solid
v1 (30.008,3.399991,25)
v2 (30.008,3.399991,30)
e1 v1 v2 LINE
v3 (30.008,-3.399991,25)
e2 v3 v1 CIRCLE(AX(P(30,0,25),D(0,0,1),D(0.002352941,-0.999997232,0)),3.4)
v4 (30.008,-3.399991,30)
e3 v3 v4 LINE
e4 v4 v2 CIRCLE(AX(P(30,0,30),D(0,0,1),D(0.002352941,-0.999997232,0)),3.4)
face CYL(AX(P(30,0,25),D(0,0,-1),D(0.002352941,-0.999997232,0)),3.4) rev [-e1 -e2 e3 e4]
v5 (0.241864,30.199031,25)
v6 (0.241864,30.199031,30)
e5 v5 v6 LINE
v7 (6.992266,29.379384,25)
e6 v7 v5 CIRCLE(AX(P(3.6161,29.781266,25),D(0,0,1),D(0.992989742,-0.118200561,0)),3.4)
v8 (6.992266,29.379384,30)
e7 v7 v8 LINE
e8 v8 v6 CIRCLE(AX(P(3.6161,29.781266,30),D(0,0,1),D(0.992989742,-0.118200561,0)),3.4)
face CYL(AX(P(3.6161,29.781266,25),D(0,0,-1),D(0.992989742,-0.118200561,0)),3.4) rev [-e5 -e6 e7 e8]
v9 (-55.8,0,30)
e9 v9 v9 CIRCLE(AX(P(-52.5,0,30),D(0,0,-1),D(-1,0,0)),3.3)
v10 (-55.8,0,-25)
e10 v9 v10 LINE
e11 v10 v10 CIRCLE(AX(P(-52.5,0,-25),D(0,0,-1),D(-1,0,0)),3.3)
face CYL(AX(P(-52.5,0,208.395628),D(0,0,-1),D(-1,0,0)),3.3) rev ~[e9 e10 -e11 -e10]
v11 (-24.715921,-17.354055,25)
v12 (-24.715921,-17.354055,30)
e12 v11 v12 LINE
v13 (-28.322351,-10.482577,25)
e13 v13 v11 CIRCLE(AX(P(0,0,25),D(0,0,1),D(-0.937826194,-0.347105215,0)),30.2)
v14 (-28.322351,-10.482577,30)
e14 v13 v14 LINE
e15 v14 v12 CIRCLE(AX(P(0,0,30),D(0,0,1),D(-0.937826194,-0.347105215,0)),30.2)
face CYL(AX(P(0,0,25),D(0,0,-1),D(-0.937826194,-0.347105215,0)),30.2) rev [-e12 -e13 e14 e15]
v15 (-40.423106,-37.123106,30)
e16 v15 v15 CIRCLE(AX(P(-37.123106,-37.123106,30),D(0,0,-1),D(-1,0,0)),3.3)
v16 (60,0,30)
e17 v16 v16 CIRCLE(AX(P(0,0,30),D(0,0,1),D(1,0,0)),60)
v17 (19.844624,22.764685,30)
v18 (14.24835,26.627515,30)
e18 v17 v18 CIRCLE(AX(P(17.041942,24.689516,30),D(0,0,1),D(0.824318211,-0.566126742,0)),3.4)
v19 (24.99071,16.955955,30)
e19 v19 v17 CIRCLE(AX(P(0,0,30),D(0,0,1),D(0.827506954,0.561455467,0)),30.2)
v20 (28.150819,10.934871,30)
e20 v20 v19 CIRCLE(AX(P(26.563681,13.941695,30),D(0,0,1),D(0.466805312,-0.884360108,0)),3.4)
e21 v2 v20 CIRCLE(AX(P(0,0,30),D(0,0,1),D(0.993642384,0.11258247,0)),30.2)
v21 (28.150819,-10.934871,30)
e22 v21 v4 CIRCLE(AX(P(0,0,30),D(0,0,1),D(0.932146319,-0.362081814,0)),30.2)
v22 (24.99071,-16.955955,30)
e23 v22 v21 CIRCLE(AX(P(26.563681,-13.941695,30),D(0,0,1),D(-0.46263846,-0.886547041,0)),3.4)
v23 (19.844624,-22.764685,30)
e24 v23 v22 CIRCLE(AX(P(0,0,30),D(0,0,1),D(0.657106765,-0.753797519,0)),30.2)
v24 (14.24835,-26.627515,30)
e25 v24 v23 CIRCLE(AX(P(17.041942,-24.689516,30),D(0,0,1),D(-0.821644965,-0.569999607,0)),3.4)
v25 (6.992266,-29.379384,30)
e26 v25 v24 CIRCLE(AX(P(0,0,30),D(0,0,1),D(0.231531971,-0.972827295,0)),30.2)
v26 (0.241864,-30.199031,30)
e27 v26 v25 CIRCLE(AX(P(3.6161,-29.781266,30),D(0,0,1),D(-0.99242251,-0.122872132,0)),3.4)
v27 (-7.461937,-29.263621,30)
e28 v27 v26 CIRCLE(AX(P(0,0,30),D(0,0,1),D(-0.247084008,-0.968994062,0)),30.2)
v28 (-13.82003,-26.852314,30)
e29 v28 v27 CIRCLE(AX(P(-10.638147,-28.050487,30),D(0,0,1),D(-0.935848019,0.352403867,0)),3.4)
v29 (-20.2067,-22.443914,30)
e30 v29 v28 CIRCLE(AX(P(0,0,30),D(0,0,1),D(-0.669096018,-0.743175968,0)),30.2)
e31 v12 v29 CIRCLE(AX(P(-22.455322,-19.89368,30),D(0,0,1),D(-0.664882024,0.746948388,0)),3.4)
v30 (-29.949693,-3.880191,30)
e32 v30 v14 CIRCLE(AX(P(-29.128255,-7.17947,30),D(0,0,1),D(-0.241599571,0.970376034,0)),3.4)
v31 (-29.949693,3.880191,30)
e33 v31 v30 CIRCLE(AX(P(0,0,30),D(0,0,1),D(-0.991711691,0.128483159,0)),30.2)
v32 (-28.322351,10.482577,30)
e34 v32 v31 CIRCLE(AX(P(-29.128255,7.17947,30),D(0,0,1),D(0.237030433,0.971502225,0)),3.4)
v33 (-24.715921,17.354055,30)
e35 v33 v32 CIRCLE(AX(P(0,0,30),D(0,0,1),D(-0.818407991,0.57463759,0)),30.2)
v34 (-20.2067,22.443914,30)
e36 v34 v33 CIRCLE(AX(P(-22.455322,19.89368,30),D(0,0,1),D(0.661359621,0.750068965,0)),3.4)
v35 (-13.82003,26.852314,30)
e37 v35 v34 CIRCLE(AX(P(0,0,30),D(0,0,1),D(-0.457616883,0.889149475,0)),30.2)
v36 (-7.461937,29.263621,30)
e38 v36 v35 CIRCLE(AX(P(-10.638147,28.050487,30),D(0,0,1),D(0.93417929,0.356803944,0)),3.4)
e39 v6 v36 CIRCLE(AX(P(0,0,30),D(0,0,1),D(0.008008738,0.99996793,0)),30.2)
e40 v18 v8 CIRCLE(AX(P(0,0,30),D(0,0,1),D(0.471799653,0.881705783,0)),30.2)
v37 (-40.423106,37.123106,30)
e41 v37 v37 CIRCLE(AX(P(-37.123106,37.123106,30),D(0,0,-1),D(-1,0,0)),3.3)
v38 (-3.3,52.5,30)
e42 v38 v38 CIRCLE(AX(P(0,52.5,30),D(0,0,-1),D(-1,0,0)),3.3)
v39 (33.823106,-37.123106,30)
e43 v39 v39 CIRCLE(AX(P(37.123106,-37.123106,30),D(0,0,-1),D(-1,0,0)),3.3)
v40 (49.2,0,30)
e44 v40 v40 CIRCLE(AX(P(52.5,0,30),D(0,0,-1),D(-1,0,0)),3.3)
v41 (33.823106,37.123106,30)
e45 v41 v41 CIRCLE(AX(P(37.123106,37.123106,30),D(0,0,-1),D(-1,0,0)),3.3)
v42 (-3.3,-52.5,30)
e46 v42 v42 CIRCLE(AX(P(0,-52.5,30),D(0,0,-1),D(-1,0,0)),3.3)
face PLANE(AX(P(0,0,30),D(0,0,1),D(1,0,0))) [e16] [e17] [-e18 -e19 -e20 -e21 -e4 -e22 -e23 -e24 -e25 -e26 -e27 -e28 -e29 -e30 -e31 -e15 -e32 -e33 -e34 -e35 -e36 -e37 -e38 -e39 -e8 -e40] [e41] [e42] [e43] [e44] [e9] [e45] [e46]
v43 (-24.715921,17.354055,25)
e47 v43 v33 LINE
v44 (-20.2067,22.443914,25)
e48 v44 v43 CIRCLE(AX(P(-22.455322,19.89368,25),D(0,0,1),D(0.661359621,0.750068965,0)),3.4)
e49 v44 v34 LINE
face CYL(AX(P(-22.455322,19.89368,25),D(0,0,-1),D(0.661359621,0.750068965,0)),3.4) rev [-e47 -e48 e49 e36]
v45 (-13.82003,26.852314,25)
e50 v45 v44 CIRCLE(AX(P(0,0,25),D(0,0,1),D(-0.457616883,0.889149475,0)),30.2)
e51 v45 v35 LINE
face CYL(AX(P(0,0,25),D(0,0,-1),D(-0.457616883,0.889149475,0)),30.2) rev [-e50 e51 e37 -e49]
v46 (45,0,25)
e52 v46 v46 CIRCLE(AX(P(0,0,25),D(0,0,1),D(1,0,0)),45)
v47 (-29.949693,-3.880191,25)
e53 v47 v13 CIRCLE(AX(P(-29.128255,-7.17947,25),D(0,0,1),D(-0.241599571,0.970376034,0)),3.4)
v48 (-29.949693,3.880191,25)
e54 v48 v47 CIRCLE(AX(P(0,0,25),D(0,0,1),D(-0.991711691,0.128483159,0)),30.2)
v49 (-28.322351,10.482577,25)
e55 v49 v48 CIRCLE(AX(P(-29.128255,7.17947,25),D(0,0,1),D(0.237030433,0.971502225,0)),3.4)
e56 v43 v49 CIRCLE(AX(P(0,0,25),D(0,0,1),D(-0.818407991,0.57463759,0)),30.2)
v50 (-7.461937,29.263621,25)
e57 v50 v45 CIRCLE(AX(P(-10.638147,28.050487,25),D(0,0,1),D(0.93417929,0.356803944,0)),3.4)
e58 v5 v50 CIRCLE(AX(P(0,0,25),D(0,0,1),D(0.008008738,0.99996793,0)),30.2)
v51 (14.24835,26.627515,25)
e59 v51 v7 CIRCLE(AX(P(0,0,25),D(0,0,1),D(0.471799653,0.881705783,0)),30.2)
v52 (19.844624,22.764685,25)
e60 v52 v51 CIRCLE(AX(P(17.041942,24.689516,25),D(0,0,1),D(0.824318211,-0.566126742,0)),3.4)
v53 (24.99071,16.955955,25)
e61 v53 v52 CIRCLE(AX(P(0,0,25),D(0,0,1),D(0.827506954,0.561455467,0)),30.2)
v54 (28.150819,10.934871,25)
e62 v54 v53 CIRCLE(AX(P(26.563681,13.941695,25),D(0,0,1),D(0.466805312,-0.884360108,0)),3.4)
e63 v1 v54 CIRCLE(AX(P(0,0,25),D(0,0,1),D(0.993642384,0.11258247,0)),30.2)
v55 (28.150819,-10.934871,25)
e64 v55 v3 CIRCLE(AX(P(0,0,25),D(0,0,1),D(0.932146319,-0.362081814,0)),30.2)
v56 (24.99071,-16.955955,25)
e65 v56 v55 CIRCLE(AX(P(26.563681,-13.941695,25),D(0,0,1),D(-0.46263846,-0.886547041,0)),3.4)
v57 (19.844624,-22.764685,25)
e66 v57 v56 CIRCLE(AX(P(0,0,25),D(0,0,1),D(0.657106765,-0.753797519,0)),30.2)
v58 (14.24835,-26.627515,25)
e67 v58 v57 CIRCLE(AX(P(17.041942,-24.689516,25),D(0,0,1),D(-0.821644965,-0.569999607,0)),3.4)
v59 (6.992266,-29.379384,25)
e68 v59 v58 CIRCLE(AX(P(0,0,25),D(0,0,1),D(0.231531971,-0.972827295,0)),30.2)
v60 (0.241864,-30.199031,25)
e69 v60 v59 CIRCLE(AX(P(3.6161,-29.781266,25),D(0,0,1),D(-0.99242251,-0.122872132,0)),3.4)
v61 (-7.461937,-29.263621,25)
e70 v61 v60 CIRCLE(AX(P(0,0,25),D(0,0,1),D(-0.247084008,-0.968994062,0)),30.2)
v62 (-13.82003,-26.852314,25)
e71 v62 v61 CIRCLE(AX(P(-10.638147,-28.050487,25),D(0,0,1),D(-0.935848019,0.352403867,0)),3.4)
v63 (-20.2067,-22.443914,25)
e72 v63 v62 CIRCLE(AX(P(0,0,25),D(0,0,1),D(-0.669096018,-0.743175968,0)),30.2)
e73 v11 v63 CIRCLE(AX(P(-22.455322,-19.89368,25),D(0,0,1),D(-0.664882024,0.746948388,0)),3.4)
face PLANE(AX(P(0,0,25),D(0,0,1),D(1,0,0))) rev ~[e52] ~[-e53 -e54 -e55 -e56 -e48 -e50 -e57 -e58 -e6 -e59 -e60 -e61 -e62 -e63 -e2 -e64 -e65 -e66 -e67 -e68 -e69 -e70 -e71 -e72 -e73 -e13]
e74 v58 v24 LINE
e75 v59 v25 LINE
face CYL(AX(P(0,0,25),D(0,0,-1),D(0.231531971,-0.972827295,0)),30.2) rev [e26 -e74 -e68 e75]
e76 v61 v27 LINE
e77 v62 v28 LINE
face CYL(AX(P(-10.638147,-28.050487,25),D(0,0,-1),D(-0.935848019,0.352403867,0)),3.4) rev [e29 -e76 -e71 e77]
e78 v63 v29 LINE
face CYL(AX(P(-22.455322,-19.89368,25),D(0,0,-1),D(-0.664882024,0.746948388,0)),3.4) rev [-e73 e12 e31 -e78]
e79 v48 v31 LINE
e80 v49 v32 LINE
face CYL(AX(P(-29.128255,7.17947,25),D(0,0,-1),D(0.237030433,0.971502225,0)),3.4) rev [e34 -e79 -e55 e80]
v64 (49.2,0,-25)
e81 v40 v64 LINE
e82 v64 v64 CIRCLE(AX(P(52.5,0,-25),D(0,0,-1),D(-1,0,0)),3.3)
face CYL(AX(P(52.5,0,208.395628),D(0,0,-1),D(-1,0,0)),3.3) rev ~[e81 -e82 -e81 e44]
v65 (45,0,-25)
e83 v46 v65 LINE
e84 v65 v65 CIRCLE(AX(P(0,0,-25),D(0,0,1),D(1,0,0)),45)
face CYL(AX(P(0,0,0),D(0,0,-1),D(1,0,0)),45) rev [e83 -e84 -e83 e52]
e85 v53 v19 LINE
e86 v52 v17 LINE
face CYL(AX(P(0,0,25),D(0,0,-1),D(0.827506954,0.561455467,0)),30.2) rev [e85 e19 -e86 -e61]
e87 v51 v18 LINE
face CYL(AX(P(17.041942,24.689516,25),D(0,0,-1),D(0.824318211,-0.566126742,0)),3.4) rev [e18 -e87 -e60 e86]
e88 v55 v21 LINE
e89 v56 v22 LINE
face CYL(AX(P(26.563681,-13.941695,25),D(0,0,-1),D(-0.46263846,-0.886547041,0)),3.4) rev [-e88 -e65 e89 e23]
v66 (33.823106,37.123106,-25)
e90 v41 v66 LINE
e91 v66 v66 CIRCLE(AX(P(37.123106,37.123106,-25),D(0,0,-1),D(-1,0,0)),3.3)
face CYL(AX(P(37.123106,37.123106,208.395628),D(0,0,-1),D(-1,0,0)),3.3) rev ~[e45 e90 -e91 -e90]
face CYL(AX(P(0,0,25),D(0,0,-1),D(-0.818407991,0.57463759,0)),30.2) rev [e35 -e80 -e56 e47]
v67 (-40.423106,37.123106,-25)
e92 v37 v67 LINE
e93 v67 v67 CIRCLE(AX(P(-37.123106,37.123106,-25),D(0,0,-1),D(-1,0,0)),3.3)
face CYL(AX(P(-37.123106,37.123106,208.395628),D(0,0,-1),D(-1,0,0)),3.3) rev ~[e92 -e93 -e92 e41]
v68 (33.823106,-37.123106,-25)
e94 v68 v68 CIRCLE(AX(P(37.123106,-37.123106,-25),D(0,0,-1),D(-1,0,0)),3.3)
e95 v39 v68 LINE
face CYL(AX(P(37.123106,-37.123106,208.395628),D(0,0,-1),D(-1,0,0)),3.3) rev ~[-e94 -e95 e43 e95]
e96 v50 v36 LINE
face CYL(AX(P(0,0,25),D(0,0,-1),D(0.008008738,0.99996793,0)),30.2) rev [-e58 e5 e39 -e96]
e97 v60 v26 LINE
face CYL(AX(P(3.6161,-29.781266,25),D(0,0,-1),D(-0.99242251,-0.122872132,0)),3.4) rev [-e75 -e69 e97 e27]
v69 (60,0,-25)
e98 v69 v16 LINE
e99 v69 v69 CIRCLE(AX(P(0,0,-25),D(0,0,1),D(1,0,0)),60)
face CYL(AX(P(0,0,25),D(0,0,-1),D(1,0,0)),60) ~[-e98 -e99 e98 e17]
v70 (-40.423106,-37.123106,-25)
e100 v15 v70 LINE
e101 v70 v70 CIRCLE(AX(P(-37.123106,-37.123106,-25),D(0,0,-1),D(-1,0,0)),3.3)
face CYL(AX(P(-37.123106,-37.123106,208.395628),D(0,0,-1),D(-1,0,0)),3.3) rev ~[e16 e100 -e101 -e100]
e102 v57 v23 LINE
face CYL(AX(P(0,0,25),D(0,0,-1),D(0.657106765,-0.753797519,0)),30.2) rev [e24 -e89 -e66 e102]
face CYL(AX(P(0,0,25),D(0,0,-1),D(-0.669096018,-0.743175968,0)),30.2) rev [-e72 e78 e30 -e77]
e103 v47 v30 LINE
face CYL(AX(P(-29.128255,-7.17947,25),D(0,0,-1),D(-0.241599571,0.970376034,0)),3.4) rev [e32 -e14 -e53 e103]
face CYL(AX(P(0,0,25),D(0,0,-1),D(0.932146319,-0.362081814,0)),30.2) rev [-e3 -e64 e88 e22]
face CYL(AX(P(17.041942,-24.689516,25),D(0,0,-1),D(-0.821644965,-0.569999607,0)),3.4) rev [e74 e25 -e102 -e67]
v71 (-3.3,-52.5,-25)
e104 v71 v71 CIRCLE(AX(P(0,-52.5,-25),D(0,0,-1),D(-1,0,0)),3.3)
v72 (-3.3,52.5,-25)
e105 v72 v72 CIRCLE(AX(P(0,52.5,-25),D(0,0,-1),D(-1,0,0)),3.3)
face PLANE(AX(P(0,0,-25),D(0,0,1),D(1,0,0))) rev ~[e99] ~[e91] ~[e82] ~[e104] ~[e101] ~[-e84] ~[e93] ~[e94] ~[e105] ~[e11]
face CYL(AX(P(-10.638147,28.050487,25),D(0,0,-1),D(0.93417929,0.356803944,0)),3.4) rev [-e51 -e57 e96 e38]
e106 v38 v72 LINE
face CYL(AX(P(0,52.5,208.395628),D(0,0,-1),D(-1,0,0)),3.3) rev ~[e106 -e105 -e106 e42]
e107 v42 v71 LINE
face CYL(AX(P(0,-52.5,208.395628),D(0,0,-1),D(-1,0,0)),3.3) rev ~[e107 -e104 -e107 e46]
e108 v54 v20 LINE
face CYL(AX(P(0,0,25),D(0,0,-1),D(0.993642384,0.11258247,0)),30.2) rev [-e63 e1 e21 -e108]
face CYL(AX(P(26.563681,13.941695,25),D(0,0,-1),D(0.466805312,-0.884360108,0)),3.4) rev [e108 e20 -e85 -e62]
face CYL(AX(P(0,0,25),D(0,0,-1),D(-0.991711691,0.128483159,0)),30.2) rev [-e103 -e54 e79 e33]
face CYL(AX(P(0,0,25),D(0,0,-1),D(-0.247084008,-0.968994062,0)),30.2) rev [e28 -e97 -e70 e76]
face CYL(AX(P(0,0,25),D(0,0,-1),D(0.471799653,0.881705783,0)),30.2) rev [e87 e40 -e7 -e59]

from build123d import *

# Parameters (mm, degrees)
SKETCH2_R            = 60
SKETCH2_R_2          = 45
BOSS_EXTRUDE2_DEPTH  = 25
SKETCH3_R            = 60
BOSS_EXTRUDE3_DEPTH  = 5
M6_CLEARANCE_HOLE1_D = 6.6


with BuildPart() as part:
    # Sketch2 → Boss-Extrude2 (new body, symmetric)
    with BuildSketch(Plane.XY):
        Circle(SKETCH2_R)
        Circle(SKETCH2_R_2, mode=Mode.SUBTRACT)
    extrude(amount=BOSS_EXTRUDE2_DEPTH, both=True)

    # Sketch3 → Boss-Extrude3 (add)
    with BuildSketch(Plane.XY.offset(25)):
        Circle(SKETCH3_R)
        with BuildLine():
            ThreePointArc((24.990710007, 16.9559551), (22.605024595, 20.026304279), (19.844624318, 22.764685055))
            ThreePointArc((19.844624318, 22.764685055), (18.973362541, 27.487661121), (14.248349522, 26.62751464))
            ThreePointArc((14.248349522, 26.62751464), (10.709067589, 28.237490529), (6.99226553, 29.379384316))
            ThreePointArc((6.99226553, 29.379384316), (4.025925121, 33.156476395), (0.241863872, 30.199031472))
            ThreePointArc((0.241863872, 30.199031472), (-3.640207744, 29.979807998), (-7.461937025, 29.263620689))
            ThreePointArc((-7.461937025, 29.263620689), (-11.843803227, 31.229542506), (-13.820029875, 26.852314132))
            ThreePointArc((-13.820029875, 26.852314132), (-17.155555351, 24.85411275), (-20.206699734, 22.443914227))
            ThreePointArc((-20.206699734, 22.443914227), (-25.000258989, 22.148296785), (-24.715921328, 17.35405523))
            ThreePointArc((-24.715921328, 17.35405523), (-26.740771975, 14.034639796), (-28.322351051, 10.482577495))
            ThreePointArc((-28.322351051, 10.482577495), (-32.429456702, 7.993143187), (-29.949693064, 3.880191413))
            ThreePointArc((-29.949693064, 3.880191413), (-30.2, 0), (-29.949693064, -3.880191413))
            ThreePointArc((-29.949693064, -3.880191413), (-32.429456702, -7.993143187), (-28.322351051, -10.482577495))
            ThreePointArc((-28.322351051, -10.482577495), (-26.740771975, -14.034639796), (-24.715921328, -17.35405523))
            ThreePointArc((-24.715921328, -17.35405523), (-25.000258989, -22.148296785), (-20.206699734, -22.443914227))
            ThreePointArc((-20.206699734, -22.443914227), (-17.155555351, -24.85411275), (-13.820029875, -26.852314132))
            ThreePointArc((-13.820029875, -26.852314132), (-11.843803227, -31.229542506), (-7.461937025, -29.263620689))
            ThreePointArc((-7.461937025, -29.263620689), (-3.640207744, -29.979807998), (0.241863872, -30.199031472))
            ThreePointArc((0.241863872, -30.199031472), (4.025925121, -33.156476395), (6.99226553, -29.379384316))
            ThreePointArc((6.99226553, -29.379384316), (10.709067589, -28.237490529), (14.248349522, -26.62751464))
            ThreePointArc((14.248349522, -26.62751464), (18.973362541, -27.487661121), (19.844624318, -22.764685055))
            ThreePointArc((19.844624318, -22.764685055), (22.605024595, -20.026304279), (24.990710007, -16.9559551))
            ThreePointArc((24.990710007, -16.9559551), (29.574231257, -15.521753946), (28.150818829, -10.934870793))
            ThreePointArc((28.150818829, -10.934870793), (29.322442886, -7.227333061), (30.008, -3.399990588))
            ThreePointArc((30.008, -3.399990588), (33.4, 0), (30.008, 3.399990588))
            ThreePointArc((30.008, 3.399990588), (29.322442886, 7.227333061), (28.150818829, 10.934870793))
            ThreePointArc((28.150818829, 10.934870793), (29.574231257, 15.521753946), (24.990710007, 16.9559551))
        make_face(mode=Mode.SUBTRACT)
    extrude(amount=BOSS_EXTRUDE3_DEPTH)

    # M6 Clearance Hole1 (through all)
    with Locations(Plane.XY.offset(30)):
        with Locations((-37.123106012, 37.123106012), (0, 52.5), (37.123106012, 37.123106012), (52.5, 0), (37.123106012, -37.123106012), (0, -52.5), (-37.123106012, -37.123106012), (-52.5, 0)):
            Hole(M6_CLEARANCE_HOLE1_D / 2)


solid = part.part
